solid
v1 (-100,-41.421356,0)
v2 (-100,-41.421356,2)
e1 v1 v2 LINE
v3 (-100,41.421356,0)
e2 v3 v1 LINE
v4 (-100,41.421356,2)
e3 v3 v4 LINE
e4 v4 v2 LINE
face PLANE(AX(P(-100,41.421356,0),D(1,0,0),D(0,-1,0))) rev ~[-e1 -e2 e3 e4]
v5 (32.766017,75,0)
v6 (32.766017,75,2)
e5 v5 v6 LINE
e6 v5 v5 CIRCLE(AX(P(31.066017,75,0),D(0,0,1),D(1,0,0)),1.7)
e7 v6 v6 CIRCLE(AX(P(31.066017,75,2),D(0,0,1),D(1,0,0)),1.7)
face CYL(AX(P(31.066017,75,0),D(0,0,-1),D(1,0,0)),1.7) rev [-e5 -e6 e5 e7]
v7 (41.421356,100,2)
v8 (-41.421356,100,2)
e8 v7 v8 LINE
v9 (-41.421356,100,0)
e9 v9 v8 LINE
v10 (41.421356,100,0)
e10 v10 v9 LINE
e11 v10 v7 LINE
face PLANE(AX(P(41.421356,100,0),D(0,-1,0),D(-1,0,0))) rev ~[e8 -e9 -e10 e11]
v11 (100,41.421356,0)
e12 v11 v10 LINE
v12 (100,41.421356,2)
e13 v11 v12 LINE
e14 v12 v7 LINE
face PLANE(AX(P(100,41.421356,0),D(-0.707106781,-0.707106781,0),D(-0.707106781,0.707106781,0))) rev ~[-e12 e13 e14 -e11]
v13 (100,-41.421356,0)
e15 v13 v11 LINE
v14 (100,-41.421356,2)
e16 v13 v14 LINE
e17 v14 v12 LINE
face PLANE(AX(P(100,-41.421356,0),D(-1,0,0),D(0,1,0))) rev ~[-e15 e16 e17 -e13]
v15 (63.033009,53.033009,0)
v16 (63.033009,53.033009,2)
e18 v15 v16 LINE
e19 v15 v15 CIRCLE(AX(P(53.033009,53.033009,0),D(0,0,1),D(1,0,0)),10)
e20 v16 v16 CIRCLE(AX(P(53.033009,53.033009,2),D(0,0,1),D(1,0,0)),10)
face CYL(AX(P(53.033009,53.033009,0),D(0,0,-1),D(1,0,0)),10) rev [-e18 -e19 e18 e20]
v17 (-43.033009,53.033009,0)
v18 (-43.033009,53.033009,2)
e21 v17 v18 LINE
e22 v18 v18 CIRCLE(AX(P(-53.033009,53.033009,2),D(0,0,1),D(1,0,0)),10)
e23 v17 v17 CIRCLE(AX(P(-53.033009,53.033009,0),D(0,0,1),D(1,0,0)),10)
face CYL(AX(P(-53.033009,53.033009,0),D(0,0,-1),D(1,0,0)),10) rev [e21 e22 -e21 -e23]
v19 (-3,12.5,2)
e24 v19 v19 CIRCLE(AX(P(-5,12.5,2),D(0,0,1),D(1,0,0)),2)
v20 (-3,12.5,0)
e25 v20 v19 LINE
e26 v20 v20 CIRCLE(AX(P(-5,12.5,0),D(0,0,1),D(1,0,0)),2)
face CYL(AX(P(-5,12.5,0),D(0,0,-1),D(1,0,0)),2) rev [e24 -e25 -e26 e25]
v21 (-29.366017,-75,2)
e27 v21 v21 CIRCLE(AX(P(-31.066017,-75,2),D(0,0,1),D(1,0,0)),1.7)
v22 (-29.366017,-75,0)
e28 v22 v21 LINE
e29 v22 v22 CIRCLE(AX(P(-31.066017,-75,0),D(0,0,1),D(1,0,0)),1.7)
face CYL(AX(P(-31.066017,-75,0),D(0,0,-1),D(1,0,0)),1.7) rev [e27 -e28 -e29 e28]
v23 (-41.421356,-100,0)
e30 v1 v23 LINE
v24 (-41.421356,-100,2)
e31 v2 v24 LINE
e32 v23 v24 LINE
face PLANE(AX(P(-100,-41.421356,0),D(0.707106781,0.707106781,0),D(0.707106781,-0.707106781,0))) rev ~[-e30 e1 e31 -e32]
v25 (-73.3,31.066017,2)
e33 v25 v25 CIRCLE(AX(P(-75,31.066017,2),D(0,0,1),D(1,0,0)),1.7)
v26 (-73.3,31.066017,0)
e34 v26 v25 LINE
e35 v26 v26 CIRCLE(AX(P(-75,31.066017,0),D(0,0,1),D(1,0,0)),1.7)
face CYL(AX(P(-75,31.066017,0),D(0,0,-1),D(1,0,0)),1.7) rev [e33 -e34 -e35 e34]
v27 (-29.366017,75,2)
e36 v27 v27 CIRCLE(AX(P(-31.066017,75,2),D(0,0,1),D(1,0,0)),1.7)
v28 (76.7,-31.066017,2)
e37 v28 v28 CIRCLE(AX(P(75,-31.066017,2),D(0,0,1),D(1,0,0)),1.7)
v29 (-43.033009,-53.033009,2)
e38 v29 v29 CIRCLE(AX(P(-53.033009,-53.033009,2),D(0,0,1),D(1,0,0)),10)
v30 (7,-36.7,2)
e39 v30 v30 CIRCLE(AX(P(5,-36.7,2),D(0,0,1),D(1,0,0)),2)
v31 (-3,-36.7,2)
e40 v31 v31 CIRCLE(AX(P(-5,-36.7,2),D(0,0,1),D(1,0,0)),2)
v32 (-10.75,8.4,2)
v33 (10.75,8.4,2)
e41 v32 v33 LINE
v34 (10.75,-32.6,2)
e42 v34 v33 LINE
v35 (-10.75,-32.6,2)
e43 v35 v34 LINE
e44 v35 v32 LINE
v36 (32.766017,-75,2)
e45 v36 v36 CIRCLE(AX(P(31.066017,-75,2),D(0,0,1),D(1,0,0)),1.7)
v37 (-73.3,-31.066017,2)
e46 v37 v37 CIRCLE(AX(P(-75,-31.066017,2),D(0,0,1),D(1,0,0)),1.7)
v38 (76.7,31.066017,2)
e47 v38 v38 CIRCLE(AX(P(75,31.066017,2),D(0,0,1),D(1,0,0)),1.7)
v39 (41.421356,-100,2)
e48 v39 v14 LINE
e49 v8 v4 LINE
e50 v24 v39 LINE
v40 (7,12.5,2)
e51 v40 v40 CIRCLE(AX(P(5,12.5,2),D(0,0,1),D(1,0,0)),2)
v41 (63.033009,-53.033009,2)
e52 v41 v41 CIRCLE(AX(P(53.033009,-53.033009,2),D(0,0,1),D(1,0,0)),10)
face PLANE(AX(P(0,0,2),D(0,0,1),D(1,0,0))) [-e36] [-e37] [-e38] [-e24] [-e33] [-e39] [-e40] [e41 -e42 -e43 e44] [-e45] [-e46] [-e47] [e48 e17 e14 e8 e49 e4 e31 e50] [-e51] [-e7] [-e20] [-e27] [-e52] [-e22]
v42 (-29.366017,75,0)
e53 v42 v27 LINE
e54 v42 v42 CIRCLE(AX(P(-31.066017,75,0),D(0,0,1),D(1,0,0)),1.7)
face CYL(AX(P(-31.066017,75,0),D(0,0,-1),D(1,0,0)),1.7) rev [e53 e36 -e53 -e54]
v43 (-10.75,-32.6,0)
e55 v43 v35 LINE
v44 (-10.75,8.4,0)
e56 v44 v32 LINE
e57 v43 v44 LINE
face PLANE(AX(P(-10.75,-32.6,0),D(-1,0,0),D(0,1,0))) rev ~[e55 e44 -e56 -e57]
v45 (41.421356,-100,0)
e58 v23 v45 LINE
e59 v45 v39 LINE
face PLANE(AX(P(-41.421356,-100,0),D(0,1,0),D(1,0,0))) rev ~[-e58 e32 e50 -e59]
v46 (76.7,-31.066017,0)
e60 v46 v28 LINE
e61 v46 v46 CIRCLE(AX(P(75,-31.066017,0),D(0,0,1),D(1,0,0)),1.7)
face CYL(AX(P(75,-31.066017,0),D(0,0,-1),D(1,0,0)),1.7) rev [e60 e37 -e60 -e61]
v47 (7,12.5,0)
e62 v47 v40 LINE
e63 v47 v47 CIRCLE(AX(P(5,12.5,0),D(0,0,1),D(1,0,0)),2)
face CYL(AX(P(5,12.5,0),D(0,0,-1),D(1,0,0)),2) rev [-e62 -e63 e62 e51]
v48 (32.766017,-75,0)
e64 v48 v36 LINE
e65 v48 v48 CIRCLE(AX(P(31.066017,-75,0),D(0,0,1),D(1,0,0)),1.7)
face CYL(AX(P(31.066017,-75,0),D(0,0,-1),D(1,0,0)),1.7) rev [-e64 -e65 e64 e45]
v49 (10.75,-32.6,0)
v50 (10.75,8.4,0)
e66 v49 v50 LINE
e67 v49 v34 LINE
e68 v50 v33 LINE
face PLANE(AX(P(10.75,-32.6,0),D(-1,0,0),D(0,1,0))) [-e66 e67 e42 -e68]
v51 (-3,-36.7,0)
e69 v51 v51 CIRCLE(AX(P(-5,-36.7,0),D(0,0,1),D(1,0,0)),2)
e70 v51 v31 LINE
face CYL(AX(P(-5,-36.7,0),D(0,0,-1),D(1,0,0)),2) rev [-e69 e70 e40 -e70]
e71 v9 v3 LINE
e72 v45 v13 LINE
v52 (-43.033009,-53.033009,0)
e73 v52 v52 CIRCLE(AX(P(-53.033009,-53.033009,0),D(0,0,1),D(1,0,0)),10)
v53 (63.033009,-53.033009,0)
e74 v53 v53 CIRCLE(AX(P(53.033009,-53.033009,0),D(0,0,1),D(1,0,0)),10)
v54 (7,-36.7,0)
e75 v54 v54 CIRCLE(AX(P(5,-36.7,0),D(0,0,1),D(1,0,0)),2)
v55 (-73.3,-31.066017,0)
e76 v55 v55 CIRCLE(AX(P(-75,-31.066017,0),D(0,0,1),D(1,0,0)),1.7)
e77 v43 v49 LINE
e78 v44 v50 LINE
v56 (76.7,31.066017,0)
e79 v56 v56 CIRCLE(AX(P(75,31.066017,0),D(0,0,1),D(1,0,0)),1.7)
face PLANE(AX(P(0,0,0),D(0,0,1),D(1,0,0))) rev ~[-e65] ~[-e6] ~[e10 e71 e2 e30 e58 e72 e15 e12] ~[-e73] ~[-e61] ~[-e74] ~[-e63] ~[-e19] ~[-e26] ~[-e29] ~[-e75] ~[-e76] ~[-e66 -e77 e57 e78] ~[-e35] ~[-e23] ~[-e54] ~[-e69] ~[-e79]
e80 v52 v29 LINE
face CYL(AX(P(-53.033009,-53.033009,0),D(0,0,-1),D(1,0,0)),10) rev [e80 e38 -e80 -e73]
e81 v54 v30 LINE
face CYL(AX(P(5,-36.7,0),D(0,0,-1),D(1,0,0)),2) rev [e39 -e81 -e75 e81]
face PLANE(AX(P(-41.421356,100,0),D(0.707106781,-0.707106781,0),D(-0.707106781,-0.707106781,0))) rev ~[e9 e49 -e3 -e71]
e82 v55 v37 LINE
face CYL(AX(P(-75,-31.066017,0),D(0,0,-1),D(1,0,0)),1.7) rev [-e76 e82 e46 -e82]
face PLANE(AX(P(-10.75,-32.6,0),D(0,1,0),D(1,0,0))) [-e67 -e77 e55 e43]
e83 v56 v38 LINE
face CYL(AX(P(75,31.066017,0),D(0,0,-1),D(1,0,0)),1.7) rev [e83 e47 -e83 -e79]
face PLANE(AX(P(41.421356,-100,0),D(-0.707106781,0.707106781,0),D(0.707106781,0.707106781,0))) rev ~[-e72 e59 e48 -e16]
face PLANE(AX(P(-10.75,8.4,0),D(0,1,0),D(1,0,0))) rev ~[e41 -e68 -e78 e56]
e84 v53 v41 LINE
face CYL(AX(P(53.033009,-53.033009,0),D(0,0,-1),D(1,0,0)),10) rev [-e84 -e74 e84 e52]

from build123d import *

# Parameters (mm, degrees)
F0_R     = 10
F0_R_2   = 1.7
F0_R_3   = 2
F0_W     = 21.5
F0_H     = 41
F1_DEPTH = 2


with BuildPart() as f1:
    # F0 (on Top) → F1 (new body)
    with BuildSketch(Plane.XY):
        Polygon((41.421356, 100), (-41.421356, 100), (-100, 41.421356), (-100, -41.421356), (-41.421356, -100), (41.421356, -100), (100, -41.421356), (100, 41.421356), align=None)
        with Locations((-53.033009, -53.033009)):
            Circle(F0_R, mode=Mode.SUBTRACT)
        with Locations((-31.066017, -75)):
            Circle(F0_R_2, mode=Mode.SUBTRACT)
        with Locations((-75, -31.066017)):
            Circle(F0_R_2, mode=Mode.SUBTRACT)
        with Locations((-5, -36.7)):
            Circle(F0_R_3, mode=Mode.SUBTRACT)
        with Locations((31.066017, -75)):
            Circle(F0_R_2, mode=Mode.SUBTRACT)
        with Locations((53.033009, -53.033009)):
            Circle(F0_R, mode=Mode.SUBTRACT)
        with Locations((5, -36.7)):
            Circle(F0_R_3, mode=Mode.SUBTRACT)
        with Locations((0, -12.1)):
            Rectangle(F0_W, F0_H, mode=Mode.SUBTRACT)
        with Locations((75, -31.066017)):
            Circle(F0_R_2, mode=Mode.SUBTRACT)
        with Locations((-75, 31.066017)):
            Circle(F0_R_2, mode=Mode.SUBTRACT)
        with Locations((-5, 12.5)):
            Circle(F0_R_3, mode=Mode.SUBTRACT)
        with Locations((-53.033009, 53.033009)):
            Circle(F0_R, mode=Mode.SUBTRACT)
        with Locations((-31.066017, 75)):
            Circle(F0_R_2, mode=Mode.SUBTRACT)
        with Locations((5, 12.5)):
            Circle(F0_R_3, mode=Mode.SUBTRACT)
        with Locations((75, 31.066017)):
            Circle(F0_R_2, mode=Mode.SUBTRACT)
        with Locations((31.066017, 75)):
            Circle(F0_R_2, mode=Mode.SUBTRACT)
        with Locations((53.033009, 53.033009)):
            Circle(F0_R, mode=Mode.SUBTRACT)
    extrude(amount=F1_DEPTH)


solid = f1.part
